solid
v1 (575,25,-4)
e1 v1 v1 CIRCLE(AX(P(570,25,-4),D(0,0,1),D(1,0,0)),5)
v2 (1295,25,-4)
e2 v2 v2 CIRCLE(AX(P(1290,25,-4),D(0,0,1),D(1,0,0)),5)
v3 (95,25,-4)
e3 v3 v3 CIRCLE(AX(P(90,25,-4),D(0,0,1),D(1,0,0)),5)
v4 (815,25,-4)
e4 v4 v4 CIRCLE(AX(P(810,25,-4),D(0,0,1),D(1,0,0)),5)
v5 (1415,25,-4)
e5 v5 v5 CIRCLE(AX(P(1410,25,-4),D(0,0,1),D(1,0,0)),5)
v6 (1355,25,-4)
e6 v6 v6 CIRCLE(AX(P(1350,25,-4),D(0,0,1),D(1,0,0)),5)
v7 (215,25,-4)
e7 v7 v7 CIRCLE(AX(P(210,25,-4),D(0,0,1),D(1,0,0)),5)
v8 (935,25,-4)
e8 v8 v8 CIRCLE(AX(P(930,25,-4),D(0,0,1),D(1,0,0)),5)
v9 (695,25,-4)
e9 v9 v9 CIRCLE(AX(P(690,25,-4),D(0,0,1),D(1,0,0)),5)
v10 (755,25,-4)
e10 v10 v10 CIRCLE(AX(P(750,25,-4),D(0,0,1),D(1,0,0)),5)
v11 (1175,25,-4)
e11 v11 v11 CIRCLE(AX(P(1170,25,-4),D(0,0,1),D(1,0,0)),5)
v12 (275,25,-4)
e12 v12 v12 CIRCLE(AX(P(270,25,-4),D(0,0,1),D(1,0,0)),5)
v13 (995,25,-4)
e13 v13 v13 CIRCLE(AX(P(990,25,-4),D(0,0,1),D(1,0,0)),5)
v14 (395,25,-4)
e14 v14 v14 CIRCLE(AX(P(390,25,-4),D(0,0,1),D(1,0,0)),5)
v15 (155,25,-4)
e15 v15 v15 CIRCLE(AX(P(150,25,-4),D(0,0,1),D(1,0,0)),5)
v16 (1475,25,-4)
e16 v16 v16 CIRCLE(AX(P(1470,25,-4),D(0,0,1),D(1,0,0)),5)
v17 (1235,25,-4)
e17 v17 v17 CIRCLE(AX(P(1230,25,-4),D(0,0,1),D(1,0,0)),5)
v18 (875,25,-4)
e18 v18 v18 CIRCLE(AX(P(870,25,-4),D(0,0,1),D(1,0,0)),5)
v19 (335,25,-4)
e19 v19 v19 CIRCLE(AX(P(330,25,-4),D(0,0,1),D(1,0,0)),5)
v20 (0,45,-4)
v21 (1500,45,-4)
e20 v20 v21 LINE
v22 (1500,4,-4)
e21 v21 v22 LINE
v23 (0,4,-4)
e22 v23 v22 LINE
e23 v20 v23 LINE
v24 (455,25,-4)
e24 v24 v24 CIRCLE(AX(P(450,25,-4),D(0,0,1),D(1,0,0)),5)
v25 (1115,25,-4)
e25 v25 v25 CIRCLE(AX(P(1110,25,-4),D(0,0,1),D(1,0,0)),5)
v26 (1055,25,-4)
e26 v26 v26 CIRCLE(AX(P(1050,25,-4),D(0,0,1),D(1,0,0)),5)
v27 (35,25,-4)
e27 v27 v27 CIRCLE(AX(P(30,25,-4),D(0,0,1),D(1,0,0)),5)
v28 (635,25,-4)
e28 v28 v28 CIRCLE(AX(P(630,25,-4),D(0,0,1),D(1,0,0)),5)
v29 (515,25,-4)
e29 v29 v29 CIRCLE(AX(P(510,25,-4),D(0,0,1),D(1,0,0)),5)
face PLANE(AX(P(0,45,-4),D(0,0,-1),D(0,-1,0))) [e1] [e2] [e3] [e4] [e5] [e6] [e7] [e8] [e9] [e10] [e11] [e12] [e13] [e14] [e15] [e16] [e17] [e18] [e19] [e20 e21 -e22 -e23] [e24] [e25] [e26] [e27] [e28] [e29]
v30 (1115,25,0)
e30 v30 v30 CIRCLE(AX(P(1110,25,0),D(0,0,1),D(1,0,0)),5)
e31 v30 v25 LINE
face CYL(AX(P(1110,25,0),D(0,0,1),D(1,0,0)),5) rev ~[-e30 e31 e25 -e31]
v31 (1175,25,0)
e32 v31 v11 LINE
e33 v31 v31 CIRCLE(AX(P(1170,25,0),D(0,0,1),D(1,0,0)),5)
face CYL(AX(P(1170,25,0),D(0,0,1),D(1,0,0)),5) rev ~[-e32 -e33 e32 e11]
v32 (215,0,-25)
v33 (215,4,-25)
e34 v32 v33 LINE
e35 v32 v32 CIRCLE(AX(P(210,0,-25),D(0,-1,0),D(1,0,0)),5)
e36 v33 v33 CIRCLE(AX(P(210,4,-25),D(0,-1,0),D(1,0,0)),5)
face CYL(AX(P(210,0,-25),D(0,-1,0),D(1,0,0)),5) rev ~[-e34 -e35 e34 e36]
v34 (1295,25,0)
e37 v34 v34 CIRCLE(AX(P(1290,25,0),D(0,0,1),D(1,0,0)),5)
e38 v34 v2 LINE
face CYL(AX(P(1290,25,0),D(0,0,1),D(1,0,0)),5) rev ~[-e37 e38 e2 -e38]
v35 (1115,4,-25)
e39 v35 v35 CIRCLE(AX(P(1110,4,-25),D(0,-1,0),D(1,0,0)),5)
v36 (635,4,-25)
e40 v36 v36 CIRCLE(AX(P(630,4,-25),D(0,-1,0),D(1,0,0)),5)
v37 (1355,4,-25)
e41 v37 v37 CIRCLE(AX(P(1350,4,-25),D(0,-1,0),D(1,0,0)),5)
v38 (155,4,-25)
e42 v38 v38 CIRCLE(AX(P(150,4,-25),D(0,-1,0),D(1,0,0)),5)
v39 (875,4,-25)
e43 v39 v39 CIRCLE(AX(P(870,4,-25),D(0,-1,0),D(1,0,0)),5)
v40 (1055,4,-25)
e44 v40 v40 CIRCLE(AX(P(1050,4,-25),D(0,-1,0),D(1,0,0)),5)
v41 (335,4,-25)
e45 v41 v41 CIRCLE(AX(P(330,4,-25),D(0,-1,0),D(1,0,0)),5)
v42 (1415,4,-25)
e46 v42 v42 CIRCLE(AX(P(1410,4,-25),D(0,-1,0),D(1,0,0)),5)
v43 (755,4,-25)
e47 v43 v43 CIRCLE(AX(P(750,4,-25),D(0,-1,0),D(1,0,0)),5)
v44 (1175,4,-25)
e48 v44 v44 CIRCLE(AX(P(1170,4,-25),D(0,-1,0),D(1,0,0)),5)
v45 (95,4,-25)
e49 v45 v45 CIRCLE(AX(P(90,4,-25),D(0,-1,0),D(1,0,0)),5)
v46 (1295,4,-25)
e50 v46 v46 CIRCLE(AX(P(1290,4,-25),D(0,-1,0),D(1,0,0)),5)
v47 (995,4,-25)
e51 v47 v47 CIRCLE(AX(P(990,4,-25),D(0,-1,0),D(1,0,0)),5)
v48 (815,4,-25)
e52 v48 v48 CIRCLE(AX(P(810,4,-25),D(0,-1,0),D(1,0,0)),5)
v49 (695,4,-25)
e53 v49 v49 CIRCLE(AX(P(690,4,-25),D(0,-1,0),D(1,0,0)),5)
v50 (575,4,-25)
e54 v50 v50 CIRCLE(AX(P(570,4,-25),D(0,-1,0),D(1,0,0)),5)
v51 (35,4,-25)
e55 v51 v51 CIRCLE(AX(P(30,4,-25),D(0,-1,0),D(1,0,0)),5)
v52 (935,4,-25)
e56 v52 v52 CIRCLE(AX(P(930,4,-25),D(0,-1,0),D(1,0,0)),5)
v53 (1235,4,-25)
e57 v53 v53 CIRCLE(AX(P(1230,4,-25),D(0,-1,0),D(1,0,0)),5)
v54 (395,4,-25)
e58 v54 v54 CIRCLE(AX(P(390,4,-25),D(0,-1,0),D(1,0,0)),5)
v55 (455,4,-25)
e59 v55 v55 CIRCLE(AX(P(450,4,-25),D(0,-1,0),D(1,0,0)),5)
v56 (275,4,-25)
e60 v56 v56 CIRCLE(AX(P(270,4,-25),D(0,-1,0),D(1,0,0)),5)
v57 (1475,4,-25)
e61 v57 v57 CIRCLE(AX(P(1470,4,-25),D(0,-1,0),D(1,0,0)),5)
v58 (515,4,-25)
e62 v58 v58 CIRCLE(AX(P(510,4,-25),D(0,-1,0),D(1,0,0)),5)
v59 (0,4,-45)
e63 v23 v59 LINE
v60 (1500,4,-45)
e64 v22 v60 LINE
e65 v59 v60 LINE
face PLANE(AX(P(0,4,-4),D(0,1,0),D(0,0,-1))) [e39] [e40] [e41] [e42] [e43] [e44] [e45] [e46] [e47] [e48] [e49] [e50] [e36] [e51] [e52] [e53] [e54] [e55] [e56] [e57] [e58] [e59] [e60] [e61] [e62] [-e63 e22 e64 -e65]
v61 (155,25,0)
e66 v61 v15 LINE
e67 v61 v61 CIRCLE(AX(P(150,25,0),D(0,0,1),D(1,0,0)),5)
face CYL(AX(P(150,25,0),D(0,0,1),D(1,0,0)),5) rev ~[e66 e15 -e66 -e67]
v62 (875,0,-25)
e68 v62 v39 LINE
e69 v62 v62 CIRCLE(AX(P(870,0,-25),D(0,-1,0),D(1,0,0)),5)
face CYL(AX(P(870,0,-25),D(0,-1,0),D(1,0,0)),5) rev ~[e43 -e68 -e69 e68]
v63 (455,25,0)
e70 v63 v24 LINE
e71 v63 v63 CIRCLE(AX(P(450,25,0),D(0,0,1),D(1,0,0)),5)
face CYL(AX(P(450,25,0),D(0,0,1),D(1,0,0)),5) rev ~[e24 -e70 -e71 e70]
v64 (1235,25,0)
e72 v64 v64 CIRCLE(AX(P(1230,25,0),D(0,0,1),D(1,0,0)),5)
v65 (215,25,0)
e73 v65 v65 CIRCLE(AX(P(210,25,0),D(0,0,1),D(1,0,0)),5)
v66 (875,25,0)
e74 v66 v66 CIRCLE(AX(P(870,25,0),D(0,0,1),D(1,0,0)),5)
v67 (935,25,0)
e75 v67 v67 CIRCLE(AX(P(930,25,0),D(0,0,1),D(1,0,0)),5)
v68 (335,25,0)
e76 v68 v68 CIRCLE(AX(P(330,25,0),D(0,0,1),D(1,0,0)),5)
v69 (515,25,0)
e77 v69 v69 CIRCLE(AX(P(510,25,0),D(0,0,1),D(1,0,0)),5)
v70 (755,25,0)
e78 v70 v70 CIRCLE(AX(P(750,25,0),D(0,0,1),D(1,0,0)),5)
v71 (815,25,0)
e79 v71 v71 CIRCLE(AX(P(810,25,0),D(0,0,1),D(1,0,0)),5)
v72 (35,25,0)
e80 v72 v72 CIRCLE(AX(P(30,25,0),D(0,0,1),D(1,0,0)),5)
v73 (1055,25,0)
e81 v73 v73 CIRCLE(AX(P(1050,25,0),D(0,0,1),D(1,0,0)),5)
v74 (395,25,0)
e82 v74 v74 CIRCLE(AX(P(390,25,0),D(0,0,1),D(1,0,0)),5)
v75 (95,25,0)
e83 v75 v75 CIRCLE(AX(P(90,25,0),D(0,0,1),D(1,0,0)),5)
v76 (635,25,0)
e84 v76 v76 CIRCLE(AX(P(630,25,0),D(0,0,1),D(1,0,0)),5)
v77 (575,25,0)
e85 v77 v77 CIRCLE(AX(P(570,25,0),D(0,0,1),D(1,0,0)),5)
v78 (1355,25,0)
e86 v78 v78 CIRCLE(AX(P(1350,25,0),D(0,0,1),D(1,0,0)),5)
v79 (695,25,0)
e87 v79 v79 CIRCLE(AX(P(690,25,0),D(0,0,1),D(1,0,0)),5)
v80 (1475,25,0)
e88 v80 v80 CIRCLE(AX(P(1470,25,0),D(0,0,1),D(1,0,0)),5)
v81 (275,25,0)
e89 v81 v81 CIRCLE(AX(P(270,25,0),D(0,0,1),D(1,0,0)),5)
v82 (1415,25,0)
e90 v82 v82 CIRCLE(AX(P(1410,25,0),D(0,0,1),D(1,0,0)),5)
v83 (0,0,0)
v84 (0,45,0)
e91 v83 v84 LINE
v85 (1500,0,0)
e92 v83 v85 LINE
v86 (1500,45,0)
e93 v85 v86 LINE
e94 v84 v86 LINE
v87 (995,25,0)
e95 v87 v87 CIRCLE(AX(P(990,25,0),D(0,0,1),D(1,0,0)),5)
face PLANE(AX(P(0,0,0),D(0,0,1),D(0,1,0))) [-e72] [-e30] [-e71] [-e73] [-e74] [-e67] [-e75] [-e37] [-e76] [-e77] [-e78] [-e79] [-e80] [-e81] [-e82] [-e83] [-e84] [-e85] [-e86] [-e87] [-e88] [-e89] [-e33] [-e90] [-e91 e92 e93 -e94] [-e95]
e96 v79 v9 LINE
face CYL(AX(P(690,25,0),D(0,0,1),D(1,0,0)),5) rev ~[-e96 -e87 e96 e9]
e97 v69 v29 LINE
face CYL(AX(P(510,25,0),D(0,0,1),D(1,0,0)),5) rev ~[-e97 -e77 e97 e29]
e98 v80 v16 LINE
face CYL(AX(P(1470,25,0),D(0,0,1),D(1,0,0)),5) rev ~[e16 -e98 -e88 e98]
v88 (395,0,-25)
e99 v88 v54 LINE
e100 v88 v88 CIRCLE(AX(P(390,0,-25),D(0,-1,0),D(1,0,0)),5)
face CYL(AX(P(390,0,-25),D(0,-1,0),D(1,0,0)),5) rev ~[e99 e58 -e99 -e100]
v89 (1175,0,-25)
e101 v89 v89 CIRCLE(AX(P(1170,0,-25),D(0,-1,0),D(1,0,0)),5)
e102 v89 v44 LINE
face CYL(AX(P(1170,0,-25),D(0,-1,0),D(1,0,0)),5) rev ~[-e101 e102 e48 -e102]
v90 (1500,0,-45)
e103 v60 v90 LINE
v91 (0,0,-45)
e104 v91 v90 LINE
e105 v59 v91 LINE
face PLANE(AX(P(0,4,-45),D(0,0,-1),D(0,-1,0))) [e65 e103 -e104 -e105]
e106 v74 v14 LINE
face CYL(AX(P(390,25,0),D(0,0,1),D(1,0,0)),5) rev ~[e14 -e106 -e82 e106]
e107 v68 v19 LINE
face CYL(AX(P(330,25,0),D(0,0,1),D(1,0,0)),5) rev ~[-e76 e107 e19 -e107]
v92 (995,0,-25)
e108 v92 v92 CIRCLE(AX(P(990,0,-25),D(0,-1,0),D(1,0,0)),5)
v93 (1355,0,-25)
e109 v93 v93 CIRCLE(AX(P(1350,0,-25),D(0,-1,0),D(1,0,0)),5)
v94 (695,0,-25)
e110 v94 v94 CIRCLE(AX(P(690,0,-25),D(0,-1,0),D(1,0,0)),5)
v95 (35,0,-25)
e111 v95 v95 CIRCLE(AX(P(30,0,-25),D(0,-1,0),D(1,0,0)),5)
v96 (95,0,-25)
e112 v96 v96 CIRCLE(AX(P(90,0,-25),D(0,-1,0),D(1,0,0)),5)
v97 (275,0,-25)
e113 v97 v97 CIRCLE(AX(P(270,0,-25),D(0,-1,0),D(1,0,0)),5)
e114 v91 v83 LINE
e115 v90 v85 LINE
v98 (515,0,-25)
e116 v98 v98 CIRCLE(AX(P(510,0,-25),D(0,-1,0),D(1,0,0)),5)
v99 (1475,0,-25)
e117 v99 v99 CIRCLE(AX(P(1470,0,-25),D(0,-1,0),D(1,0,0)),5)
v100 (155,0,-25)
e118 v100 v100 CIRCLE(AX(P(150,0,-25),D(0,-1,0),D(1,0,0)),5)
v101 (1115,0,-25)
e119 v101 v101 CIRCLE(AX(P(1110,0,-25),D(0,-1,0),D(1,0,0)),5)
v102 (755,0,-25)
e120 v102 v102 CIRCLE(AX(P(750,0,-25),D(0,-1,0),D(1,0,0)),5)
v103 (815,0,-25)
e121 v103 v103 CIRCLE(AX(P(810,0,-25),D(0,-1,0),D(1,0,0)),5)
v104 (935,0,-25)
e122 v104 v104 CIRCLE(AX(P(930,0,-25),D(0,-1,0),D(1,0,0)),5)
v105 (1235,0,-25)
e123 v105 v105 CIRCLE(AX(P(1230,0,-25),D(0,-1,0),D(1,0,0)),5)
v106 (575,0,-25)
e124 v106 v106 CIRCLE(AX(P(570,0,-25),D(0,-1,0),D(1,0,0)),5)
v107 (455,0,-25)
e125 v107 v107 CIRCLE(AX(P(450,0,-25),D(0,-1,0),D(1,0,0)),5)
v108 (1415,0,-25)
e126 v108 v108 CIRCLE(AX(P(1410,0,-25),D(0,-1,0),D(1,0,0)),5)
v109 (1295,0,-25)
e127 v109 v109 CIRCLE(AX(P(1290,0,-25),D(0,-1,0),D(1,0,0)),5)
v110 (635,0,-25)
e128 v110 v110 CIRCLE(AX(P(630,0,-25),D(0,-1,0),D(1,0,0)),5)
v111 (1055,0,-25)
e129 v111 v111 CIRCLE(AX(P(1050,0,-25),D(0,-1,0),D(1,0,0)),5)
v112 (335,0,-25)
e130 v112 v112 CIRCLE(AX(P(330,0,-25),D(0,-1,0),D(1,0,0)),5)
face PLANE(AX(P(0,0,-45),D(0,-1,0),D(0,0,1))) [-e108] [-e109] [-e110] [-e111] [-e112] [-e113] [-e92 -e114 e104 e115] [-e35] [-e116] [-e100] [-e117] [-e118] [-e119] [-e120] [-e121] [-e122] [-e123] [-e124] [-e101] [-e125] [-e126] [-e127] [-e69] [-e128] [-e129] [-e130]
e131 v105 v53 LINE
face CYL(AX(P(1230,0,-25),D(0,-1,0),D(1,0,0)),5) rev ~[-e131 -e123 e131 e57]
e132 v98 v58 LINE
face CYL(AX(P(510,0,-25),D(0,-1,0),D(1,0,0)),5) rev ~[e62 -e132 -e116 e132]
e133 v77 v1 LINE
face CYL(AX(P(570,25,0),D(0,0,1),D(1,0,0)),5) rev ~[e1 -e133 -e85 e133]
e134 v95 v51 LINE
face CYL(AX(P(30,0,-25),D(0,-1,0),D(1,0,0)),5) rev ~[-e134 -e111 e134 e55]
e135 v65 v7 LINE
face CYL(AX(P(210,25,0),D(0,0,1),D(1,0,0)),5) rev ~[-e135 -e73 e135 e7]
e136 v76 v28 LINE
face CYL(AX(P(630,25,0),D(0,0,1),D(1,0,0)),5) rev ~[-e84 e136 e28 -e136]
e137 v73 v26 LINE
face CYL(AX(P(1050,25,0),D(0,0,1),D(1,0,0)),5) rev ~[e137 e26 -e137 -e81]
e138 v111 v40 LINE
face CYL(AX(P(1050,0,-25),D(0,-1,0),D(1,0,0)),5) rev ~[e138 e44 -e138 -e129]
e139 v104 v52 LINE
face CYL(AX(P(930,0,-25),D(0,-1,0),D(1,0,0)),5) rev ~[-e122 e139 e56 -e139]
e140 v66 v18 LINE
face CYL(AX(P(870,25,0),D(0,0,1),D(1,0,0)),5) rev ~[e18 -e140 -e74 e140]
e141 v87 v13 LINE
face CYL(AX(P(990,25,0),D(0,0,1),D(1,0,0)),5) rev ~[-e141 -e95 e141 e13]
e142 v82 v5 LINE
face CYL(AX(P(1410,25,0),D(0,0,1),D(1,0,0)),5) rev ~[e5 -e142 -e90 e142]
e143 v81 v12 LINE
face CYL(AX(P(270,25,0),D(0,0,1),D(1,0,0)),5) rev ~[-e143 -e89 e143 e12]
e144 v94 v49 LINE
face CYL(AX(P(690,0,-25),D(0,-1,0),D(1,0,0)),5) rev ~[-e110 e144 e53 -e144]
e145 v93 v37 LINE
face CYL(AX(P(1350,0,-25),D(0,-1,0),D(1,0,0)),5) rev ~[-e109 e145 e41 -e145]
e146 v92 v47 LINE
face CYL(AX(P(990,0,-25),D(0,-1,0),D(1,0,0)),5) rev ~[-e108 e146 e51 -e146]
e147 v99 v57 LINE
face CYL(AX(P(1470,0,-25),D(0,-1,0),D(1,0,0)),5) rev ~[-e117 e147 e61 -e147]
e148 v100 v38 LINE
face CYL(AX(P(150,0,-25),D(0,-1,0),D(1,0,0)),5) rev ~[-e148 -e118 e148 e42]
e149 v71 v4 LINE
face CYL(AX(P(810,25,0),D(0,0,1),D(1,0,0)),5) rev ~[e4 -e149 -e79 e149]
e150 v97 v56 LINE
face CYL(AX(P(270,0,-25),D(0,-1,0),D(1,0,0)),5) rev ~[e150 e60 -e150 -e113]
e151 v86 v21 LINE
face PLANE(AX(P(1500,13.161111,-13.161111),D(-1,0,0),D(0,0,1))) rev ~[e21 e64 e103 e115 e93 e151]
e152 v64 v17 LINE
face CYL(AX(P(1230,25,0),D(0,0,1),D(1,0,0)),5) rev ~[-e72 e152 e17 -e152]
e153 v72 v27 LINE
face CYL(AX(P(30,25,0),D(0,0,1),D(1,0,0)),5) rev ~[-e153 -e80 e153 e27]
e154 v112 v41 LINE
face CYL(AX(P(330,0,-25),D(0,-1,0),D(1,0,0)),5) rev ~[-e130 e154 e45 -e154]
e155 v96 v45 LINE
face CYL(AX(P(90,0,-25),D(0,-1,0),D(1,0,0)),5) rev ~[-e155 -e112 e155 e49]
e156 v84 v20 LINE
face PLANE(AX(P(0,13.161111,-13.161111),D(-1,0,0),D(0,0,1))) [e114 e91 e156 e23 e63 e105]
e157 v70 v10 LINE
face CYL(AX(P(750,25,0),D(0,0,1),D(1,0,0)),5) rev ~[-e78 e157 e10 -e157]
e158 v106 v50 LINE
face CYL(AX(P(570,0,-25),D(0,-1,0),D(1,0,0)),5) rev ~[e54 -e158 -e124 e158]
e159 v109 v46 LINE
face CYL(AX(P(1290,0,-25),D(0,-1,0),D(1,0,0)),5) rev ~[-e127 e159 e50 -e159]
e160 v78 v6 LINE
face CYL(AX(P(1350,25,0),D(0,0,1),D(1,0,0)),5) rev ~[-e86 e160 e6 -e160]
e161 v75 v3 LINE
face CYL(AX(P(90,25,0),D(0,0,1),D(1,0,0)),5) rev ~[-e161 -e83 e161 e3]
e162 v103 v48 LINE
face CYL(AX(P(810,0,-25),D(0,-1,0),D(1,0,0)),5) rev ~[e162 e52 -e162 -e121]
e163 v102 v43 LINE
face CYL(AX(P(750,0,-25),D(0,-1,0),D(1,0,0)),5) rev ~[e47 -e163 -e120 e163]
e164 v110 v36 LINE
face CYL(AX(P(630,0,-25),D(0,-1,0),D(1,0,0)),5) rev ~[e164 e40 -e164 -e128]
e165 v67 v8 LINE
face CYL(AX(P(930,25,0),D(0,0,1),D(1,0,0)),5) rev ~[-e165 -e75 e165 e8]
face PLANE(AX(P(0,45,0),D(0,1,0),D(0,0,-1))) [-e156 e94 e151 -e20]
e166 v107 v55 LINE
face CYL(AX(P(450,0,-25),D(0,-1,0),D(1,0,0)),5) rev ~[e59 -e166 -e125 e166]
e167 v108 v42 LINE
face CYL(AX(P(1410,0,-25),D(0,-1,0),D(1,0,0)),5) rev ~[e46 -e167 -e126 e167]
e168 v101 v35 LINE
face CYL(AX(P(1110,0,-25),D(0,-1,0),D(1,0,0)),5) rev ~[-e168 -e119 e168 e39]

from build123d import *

# Parameters (mm, degrees)
EXTRUDE_1_DEPTH     = 1500
SKETCH_2_R          = 5
CUT_EXTRUDE_1_DEPTH = 46
SKETCH_3_R          = 5
CUT_EXTRUDE_2_DEPTH = 46


with BuildPart() as part:
    # Эскиз1 → Вытянуть-Тонкостенный1 (new body)
    with BuildSketch(Plane(origin=(0, 0, 0), x_dir=(0, 0, -1), z_dir=(1, 0, 0))):
        Polygon((45, 0), (0, 0), (0, 45), (4, 45), (4, 4), (45, 4), align=None)
    extrude(amount=EXTRUDE_1_DEPTH)

    # Эскиз2 → Вырез-Вытянуть1 (cut, through all)
    with BuildSketch(Plane.XY):
        with Locations((30, 25)):
            Circle(SKETCH_2_R)
        with Locations((90, 25)):
            Circle(SKETCH_2_R)
        with Locations((150, 25)):
            Circle(SKETCH_2_R)
        with Locations((210, 25)):
            Circle(SKETCH_2_R)
        with Locations((270, 25)):
            Circle(SKETCH_2_R)
        with Locations((330, 25)):
            Circle(SKETCH_2_R)
        with Locations((390, 25)):
            Circle(SKETCH_2_R)
        with Locations((450, 25)):
            Circle(SKETCH_2_R)
        with Locations((510, 25)):
            Circle(SKETCH_2_R)
        with Locations((570, 25)):
            Circle(SKETCH_2_R)
        with Locations((630, 25)):
            Circle(SKETCH_2_R)
        with Locations((690, 25)):
            Circle(SKETCH_2_R)
        with Locations((750, 25)):
            Circle(SKETCH_2_R)
        with Locations((810, 25)):
            Circle(SKETCH_2_R)
        with Locations((870, 25)):
            Circle(SKETCH_2_R)
        with Locations((930, 25)):
            Circle(SKETCH_2_R)
        with Locations((990, 25)):
            Circle(SKETCH_2_R)
        with Locations((1050, 25)):
            Circle(SKETCH_2_R)
        with Locations((1110, 25)):
            Circle(SKETCH_2_R)
        with Locations((1170, 25)):
            Circle(SKETCH_2_R)
        with Locations((1230, 25)):
            Circle(SKETCH_2_R)
        with Locations((1290, 25)):
            Circle(SKETCH_2_R)
        with Locations((1350, 25)):
            Circle(SKETCH_2_R)
        with Locations((1410, 25)):
            Circle(SKETCH_2_R)
        with Locations((1470, 25)):
            Circle(SKETCH_2_R)
    extrude(amount=-CUT_EXTRUDE_1_DEPTH, mode=Mode.SUBTRACT)

    # Эскиз3 → Вырез-Вытянуть2 (cut, through all)
    with BuildSketch(Plane.XZ):
        with Locations((30, -25)):
            Circle(SKETCH_3_R)
        with Locations((90, -25)):
            Circle(SKETCH_3_R)
        with Locations((150, -25)):
            Circle(SKETCH_3_R)
        with Locations((210, -25)):
            Circle(SKETCH_3_R)
        with Locations((270, -25)):
            Circle(SKETCH_3_R)
        with Locations((330, -25)):
            Circle(SKETCH_3_R)
        with Locations((390, -25)):
            Circle(SKETCH_3_R)
        with Locations((450, -25)):
            Circle(SKETCH_3_R)
        with Locations((510, -25)):
            Circle(SKETCH_3_R)
        with Locations((570, -25)):
            Circle(SKETCH_3_R)
        with Locations((630, -25)):
            Circle(SKETCH_3_R)
        with Locations((690, -25)):
            Circle(SKETCH_3_R)
        with Locations((750, -25)):
            Circle(SKETCH_3_R)
        with Locations((810, -25)):
            Circle(SKETCH_3_R)
        with Locations((870, -25)):
            Circle(SKETCH_3_R)
        with Locations((930, -25)):
            Circle(SKETCH_3_R)
        with Locations((990, -25)):
            Circle(SKETCH_3_R)
        with Locations((1050, -25)):
            Circle(SKETCH_3_R)
        with Locations((1110, -25)):
            Circle(SKETCH_3_R)
        with Locations((1170, -25)):
            Circle(SKETCH_3_R)
        with Locations((1230, -25)):
            Circle(SKETCH_3_R)
        with Locations((1290, -25)):
            Circle(SKETCH_3_R)
        with Locations((1350, -25)):
            Circle(SKETCH_3_R)
        with Locations((1410, -25)):
            Circle(SKETCH_3_R)
        with Locations((1470, -25)):
            Circle(SKETCH_3_R)
    extrude(amount=-CUT_EXTRUDE_2_DEPTH, mode=Mode.SUBTRACT)


solid = part.part
